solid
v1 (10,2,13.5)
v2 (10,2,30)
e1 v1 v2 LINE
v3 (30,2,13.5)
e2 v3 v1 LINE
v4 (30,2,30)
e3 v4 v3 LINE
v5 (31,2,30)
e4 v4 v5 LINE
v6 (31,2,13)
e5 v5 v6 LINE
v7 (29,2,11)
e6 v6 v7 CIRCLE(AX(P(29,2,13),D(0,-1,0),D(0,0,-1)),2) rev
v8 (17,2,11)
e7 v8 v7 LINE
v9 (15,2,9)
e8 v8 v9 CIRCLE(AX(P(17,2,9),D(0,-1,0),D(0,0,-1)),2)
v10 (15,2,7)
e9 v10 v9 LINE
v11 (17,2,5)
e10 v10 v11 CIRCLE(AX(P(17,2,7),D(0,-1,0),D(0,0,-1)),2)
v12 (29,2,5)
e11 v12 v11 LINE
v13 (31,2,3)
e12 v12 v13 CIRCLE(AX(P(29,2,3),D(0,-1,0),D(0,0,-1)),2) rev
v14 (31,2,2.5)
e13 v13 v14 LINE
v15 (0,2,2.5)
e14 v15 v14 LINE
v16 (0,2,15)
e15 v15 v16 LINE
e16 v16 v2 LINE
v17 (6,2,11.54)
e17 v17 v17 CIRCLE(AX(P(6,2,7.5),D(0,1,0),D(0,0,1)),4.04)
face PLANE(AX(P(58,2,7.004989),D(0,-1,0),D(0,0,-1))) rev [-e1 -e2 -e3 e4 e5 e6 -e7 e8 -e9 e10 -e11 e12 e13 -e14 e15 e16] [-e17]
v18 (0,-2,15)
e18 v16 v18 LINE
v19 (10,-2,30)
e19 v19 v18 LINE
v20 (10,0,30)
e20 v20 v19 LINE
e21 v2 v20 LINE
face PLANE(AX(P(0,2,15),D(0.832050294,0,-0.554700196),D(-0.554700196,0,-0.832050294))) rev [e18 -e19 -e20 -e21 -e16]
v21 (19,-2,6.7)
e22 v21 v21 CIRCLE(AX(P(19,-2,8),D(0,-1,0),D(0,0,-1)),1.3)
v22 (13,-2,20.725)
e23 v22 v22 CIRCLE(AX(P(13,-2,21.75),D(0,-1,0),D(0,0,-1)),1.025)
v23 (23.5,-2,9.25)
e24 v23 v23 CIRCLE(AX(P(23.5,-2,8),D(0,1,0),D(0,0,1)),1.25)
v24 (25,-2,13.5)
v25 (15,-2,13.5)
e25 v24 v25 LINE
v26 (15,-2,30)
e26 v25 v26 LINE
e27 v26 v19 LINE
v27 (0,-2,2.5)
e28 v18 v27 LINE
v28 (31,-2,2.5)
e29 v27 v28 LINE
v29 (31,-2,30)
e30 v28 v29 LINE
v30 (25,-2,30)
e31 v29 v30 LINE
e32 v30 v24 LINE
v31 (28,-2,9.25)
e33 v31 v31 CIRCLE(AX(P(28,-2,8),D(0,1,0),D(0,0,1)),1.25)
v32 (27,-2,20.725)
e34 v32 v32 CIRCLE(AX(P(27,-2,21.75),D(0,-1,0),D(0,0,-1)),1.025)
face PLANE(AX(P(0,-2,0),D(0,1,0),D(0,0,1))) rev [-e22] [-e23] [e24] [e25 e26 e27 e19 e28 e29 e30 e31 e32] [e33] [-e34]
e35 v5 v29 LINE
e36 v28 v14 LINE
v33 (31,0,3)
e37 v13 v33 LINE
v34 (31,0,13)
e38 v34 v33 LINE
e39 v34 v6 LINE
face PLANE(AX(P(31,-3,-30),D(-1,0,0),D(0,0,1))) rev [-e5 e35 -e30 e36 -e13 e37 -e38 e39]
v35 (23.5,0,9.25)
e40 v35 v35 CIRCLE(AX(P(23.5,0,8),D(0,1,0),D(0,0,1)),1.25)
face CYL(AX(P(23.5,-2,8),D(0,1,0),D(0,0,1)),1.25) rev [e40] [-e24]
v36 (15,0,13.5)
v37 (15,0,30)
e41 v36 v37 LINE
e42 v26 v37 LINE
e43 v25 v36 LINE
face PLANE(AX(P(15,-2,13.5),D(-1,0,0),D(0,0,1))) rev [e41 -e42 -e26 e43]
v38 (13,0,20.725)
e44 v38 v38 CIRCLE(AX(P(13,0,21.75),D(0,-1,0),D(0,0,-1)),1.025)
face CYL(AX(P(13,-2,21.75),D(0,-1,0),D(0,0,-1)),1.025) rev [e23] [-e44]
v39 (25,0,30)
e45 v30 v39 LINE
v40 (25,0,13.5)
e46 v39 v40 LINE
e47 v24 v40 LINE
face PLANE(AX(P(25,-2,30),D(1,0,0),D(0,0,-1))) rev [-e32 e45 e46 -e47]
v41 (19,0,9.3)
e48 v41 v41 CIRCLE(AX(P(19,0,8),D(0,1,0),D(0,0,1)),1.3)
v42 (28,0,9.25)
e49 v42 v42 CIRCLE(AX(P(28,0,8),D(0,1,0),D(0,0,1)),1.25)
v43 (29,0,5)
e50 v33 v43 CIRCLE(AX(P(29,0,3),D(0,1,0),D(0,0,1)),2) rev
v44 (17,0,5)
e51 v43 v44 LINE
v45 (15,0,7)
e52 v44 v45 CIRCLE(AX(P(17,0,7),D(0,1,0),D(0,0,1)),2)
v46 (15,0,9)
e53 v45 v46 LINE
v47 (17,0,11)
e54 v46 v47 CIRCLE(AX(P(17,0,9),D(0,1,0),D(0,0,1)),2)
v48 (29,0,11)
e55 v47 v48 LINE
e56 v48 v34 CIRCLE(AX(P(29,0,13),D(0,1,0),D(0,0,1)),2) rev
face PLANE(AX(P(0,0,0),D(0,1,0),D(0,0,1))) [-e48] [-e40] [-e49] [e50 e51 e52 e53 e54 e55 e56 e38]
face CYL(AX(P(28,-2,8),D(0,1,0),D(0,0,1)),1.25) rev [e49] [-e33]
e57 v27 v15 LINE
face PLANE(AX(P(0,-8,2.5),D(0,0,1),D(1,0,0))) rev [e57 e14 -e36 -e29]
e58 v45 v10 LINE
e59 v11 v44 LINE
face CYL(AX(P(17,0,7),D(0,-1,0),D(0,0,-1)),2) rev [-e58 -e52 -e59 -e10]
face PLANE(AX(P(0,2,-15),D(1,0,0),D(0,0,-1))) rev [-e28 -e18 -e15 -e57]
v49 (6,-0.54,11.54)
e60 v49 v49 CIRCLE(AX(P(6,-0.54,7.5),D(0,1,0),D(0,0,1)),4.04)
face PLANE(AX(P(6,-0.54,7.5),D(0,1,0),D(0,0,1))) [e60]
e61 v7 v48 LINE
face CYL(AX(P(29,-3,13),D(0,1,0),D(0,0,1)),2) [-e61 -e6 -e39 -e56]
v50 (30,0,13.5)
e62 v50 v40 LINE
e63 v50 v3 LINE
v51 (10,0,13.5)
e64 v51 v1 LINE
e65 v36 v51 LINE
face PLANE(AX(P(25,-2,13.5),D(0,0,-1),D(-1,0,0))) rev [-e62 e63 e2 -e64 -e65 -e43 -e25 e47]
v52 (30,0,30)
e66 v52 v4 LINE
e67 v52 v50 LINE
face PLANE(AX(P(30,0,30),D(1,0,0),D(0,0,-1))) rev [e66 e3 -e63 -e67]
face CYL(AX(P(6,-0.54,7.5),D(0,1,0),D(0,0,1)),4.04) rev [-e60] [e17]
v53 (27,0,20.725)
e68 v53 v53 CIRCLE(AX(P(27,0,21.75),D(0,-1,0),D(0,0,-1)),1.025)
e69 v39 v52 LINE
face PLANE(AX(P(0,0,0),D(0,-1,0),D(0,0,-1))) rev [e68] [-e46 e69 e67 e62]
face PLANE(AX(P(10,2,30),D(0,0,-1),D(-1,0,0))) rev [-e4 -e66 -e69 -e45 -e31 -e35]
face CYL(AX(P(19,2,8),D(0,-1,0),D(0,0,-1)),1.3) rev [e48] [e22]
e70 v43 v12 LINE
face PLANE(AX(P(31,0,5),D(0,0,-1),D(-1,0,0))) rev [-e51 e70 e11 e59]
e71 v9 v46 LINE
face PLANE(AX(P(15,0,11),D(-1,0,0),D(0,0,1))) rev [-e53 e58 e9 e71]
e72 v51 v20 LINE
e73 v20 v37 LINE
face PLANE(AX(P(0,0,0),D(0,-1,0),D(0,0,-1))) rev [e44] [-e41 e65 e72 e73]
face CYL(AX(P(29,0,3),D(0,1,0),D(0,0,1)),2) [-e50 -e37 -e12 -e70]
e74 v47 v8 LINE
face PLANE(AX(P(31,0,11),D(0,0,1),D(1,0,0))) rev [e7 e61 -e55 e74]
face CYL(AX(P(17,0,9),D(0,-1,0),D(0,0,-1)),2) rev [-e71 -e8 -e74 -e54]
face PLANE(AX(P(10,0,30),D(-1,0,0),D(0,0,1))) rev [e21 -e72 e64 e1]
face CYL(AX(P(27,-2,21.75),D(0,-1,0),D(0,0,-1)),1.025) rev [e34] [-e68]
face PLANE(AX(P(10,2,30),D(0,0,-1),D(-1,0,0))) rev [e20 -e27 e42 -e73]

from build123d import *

# Parameters (mm, degrees)
EXTRUDE_1_DEPTH          = 2
EXTRUDE_2_DEPTH          = 3
SKETCH_3_W               = 16
SKETCH_3_H               = 60
EXTRUDE_3_DEPTH          = 3
CUT_EXTRUDE_1_DEPTH      = 1
CUT_EXTRUDE_2_DEPTH      = 69.543781629
SKETCH_6_W               = 20
SKETCH_6_H               = 16.5
CUT_EXTRUDE_4_DEPTH      = 2
CUT_EXTRUDE_6_DEPTH      = 69.543781629
CUT_EXTRUDE_6_DEPTH_BACK = 69.543781629
EXTRUDE_START            = -1
EXTRUDE_4_DEPTH          = 1
SKETCH_12_R              = 1
SKETCH_12_R_2            = 4
CUT_EXTRUDE_7_DEPTH      = 2.54
SKETCH_13_R              = 1.25
CUT_EXTRUDE_8_DEPTH      = 10
SKETCH_15_R              = 1
CUT_EXTRUDE_10_DEPTH     = 10
SKETCH_16_R              = 1.02
CUT_EXTRUDE_11_DEPTH     = 2
SKETCH_19_R              = 1.808389453
SKETCH_19_R_2            = 1.798107518
SKETCH_19_R_3            = 1.231148897
SKETCH_19_R_4            = 1.358627773
EXTRUDE_5_DEPTH          = 2
EXTRUDE_START_2          = -3
SKETCH_19_3_R            = 1.231148897
SKETCH_19_3_R_2          = 1.358627773
EXTRUDE_6_DEPTH          = 1
HOLE_WIZARD_M2_5_1_D     = 2.05
HOLE_WIZARD_M2_1_D       = 1.6
SKETCH_25_R              = 4.02
CUT_EXTRUDE_12_DEPTH     = 2.54
SKETCH_30_W              = 55.306598362
SKETCH_30_H              = 0.5
CUT_EXTRUDE_17_DEPTH     = 75.310646225
SKETCH_31_W              = 47.74998635
SKETCH_31_H              = 36.890870636
CUT_EXTRUDE_18_DEPTH     = 75.22986018
SKETCH_32_W              = 16
SKETCH_32_H              = 6
CUT_EXTRUDE_19_DEPTH     = 2
FILLET_2_R               = 2
SKETCH_33_R              = 1.25
CUT_EXTRUDE_20_DEPTH     = 2
SKETCH_35_R              = 4.02
EXTRUDE_7_DEPTH          = 4
SKETCH_36_R              = 4.04
CUT_EXTRUDE_21_DEPTH     = 2.54
SKETCH_37_W              = 31
SKETCH_37_H              = 0.5
CUT_EXTRUDE_22_DEPTH     = 10
SKETCH_38_R              = 1.3
CUT_EXTRUDE_23_DEPTH     = 44.324358045


with BuildPart() as part:
    # 草图1 → 凸台-拉伸1 (new body)
    with BuildSketch(Plane(origin=(0, 0, 0), x_dir=(1, 0, 0), z_dir=(0, 1, 0))):
        with BuildLine():
            Line((43, 1.5), (58.456841673, 3.534931811))
            ThreePointArc((58.456841673, 3.534931811), (61.401458892, 6.180320766), (59.995303837, 9.880534443))
            Line((59.995303837, 9.880534443), (31, 30))
            Line((31, 30), (10, 30))
            Line((10, 30), (0, 15))
            Line((0, 15), (0, -15))
            Line((0, -15), (10, -30))
            Line((10, -30), (31, -30))
            Line((31, -30), (59.995303837, -9.880534443))
            ThreePointArc((59.995303837, -9.880534443), (61.401458892, -6.180320766), (58.456841673, -3.534931811))
            Line((58.456841673, -3.534931811), (43, -1.5))
            Line((43, -1.5), (40, -1.5))
            Line((40, -1.5), (40, 1.5))
            Line((40, 1.5), (43, 1.5))
        make_face()
    extrude(amount=EXTRUDE_1_DEPTH)

    # 草图2 → 凸台-拉伸2 (add)
    with BuildSketch(Plane.XZ):
        Polygon((15, -30), (15, 30), (10, 30), (0, 15), (0, -15), (10, -30), align=None)
    extrude(amount=EXTRUDE_2_DEPTH)

    # 草图3 → 凸台-拉伸3 (add)
    with BuildSketch(Plane.XZ):
        with Locations((23, 0)):
            Rectangle(SKETCH_3_W, SKETCH_3_H)
    extrude(amount=EXTRUDE_3_DEPTH)

    # 草图5 → 切除-拉伸1 (cut)
    with BuildSketch(Plane.XZ.offset(3)):
        Polygon((10, -30), (31, -30), (31, 30), (10, 30), (0, 15), (0, -15), align=None)
    extrude(amount=-CUT_EXTRUDE_1_DEPTH, mode=Mode.SUBTRACT)

    # 草图4 → 切除-拉伸2 (cut, through all)
    with BuildSketch(Plane(origin=(0, 2, 0), x_dir=(1, 0, 0), z_dir=(0, 1, 0))):
        Polygon((15, -30.054194631), (25, -30), (25, -13.5), (15, -13.5), align=None)
        Polygon((25, 13.5), (15, 13.5), (15, 30.054194631), (25, 30), align=None)
    extrude(amount=-CUT_EXTRUDE_2_DEPTH, mode=Mode.SUBTRACT)

    # 草图6 → 切除-拉伸4 (cut)
    with BuildSketch(Plane(origin=(0, 2, 0), x_dir=(1, 0, 0), z_dir=(0, 1, 0))):
        with Locations((20, 21.75)):
            Rectangle(SKETCH_6_W, SKETCH_6_H)
        with Locations((20, -21.75)):
            Rectangle(SKETCH_6_W, SKETCH_6_H)
    extrude(amount=-CUT_EXTRUDE_4_DEPTH, mode=Mode.SUBTRACT)

    # 草图10 → 切除-拉伸6 (cut, two sides: drawn at the far end of the back side and taken through both)
    with BuildSketch(Plane(origin=(0, 2, 0), x_dir=(1, 0, 0), z_dir=(0, 1, 0)).offset(-CUT_EXTRUDE_6_DEPTH_BACK)):
        Polygon((40, -1.5), (-11.100796723, -1.5), (-3.854090755, 32.230988753), (54.203821011, 29.618804043), (85.46449539, 13.041941672), (77.376427304, 2.654316721), align=None)
    extrude(amount=CUT_EXTRUDE_6_DEPTH + CUT_EXTRUDE_6_DEPTH_BACK, mode=Mode.SUBTRACT)

    # 草图11 → 凸台-拉伸4 (add)
    with BuildSketch(Plane(origin=(0, 2, 0), x_dir=(1, 0, 0), z_dir=(0, 1, 0)).offset(EXTRUDE_START)):
        with BuildLine():
            Line((31, -34.868641247), (62.27565108, -13.166872292))
            ThreePointArc((62.27565108, -13.166872292), (65.15434027, -9.255636577), (65.033342884, -4.400744621))
            Line((65.033342884, -4.400744621), (58.456841673, -3.534931811))
            ThreePointArc((58.456841673, -3.534931811), (61.401458892, -6.180320766), (59.995303837, -9.880534443))
            Line((59.995303837, -9.880534443), (31, -30))
            Line((31, -30), (31, -34))
            Line((31, -34), (31, -34.868641247))
        make_face()
    extrude(amount=EXTRUDE_4_DEPTH)

    # 草图12 → 切除-拉伸7 (cut)
    with BuildSketch(Plane(origin=(0, 2, 0), x_dir=(1, 0, 0), z_dir=(0, 1, 0))):
        with Locations(Location((58, -7.004988826, 0), (0, 0, 270))):
            Circle(SKETCH_12_R)
        with Locations(Location((43, -6, 0), (0, 0, 270))):
            Circle(SKETCH_12_R)
        with Locations(Location((6, -7.25, 0), (0, 0, 270))):
            Circle(SKETCH_12_R_2)
    extrude(amount=-CUT_EXTRUDE_7_DEPTH, mode=Mode.SUBTRACT)

    # 草图13 → 切除-拉伸8 (cut)
    with BuildSketch(Plane(origin=(0, 0, 0), x_dir=(1, 0, 0), z_dir=(0, 1, 0))):
        with Locations(Location((13, -21.75, 0), (0, 0, 270))):
            Circle(SKETCH_13_R)
        with Locations(Location((27, -21.75, 0), (0, 0, 270))):
            Circle(SKETCH_13_R)
    extrude(amount=-CUT_EXTRUDE_8_DEPTH, mode=Mode.SUBTRACT)

    # 草图15 → 切除-拉伸10 (cut)
    with BuildSketch(Plane.XZ.offset(-1)):
        with Locations(Location((36, 29.573465579, 0), (0, 0, 270))):
            Circle(SKETCH_15_R)
        with Locations(Location((56, 15.695724776, 0), (0, 0, 270))):
            Circle(SKETCH_15_R)
    extrude(amount=-CUT_EXTRUDE_10_DEPTH, mode=Mode.SUBTRACT)

    # 草图16 → 切除-拉伸11 (cut)
    with BuildSketch(Plane.XZ):
        with Locations(Location((58, 7.004988826, 0), (0, 0, 270))):
            Circle(SKETCH_16_R)
        with Locations(Location((43, 6, 0), (0, 0, 270))):
            Circle(SKETCH_16_R)
    extrude(amount=-CUT_EXTRUDE_11_DEPTH, mode=Mode.SUBTRACT)

    # 草图19 → 凸台-拉伸5 (add)
    with BuildSketch(Plane.XZ.offset(2)):
        with Locations((13, 21.75)):
            Circle(SKETCH_19_R)
        with Locations((27, 21.75)):
            Circle(SKETCH_19_R_2)
        with Locations((36, 29.573465579)):
            Circle(SKETCH_19_R_3)
        with Locations((56, 15.695724776)):
            Circle(SKETCH_19_R_4)
    extrude(amount=-EXTRUDE_5_DEPTH)


with BuildPart() as extrude_5_kept_piece:
    # of the separate pieces the step leaves, the one the design keeps (extrude_5_pieces_kept)
    add(part.part.solids().sort_by_distance((58.456841673, 0, 3.534931811))[0])

    # 草图19<3> → 凸台-拉伸6 (add)
    with BuildSketch(Plane.XZ.offset(2).offset(EXTRUDE_START_2)):
        with Locations((36, 29.573465579)):
            Circle(SKETCH_19_3_R)
        with Locations((56, 15.695724776)):
            Circle(SKETCH_19_3_R_2)
    extrude(amount=-EXTRUDE_6_DEPTH)

    # M2.5 螺纹孔1 (through all)
    with Locations(Plane(origin=(0, -2, 0), x_dir=(-1, 0, 0), z_dir=(0, -1, 0))):
        with Locations((-27, -21.75), (-13, -21.75)):
            Hole(HOLE_WIZARD_M2_5_1_D / 2)

    # M2 螺纹孔1 (through all)
    with Locations(Plane(origin=(0, 1, 0), x_dir=(-1, 0, 0), z_dir=(0, -1, 0))):
        with Locations((-56, -15.695724776), (-36, -29.573465579)):
            Hole(HOLE_WIZARD_M2_1_D / 2)

    # 草图25 → 切除-拉伸12 (cut)
    with BuildSketch(Plane(origin=(0, 2, 0), x_dir=(1, 0, 0), z_dir=(0, 1, 0))):
        with Locations(Location((6, -7.25, 0), (0, 0, 270))):
            Circle(SKETCH_25_R)
    extrude(amount=-CUT_EXTRUDE_12_DEPTH, mode=Mode.SUBTRACT)

    # 草图30 → 切除-拉伸17 (cut, through all)
    with BuildSketch(Plane.XZ.offset(2)):
        with Locations((27.653299181, 1.75)):
            Rectangle(SKETCH_30_W, SKETCH_30_H)
    extrude(amount=-CUT_EXTRUDE_17_DEPTH, mode=Mode.SUBTRACT)

    # 草图31 → 切除-拉伸18 (cut, through all)
    with BuildSketch(Plane.XZ):
        with Locations((54.874993175, 20.445435318)):
            Rectangle(SKETCH_31_W, SKETCH_31_H)
    extrude(amount=-CUT_EXTRUDE_18_DEPTH, mode=Mode.SUBTRACT)

    # 草图32 → 切除-拉伸19 (cut)
    with BuildSketch(Plane(origin=(0, 2, 0), x_dir=(1, 0, 0), z_dir=(0, 1, 0))):
        with Locations((23, -8)):
            Rectangle(SKETCH_32_W, SKETCH_32_H)
    extrude(amount=-CUT_EXTRUDE_19_DEPTH, mode=Mode.SUBTRACT)

    # 圆角2
    fillet_2_edges = [extrude_5_kept_piece.edges().sort_by_distance(p)[0] for p in [
        (31, 1, 5),
        (31, 1, 11),
        (15, 1, 11),
        (15, 1, 5),
    ]]
    fillet(fillet_2_edges, radius=FILLET_2_R)

    # 草图33 → 切除-拉伸20 (cut)
    with BuildSketch(Plane(origin=(0, 0, 0), x_dir=(1, 0, 0), z_dir=(0, 1, 0))):
        with Locations(Location((19, -8, 0), (0, 0, 270))):
            Circle(SKETCH_33_R)
        with Locations(Location((23.5, -8, 0), (0, 0, 270))):
            Circle(SKETCH_33_R)
        with Locations(Location((28, -8, 0), (0, 0, 270))):
            Circle(SKETCH_33_R)
    extrude(amount=-CUT_EXTRUDE_20_DEPTH, mode=Mode.SUBTRACT)

    # 草图35 → 凸台-拉伸7 (add)
    with BuildSketch(Plane(origin=(0, 2, 0), x_dir=(1, 0, 0), z_dir=(0, 1, 0))):
        with Locations((6, -7.25)):
            Circle(SKETCH_35_R)
    extrude(amount=-EXTRUDE_7_DEPTH)

    # 草图36 → 切除-拉伸21 (cut)
    with BuildSketch(Plane(origin=(0, 2, 0), x_dir=(1, 0, 0), z_dir=(0, 1, 0))):
        with Locations(Location((6, -7.5, 0), (0, 0, 270))):
            Circle(SKETCH_36_R)
    extrude(amount=-CUT_EXTRUDE_21_DEPTH, mode=Mode.SUBTRACT)

    # 草图37 → 切除-拉伸22 (cut)
    with BuildSketch(Plane(origin=(0, 2, 0), x_dir=(1, 0, 0), z_dir=(0, 1, 0))):
        with Locations((15.5, -2.25)):
            Rectangle(SKETCH_37_W, SKETCH_37_H)
    extrude(amount=-CUT_EXTRUDE_22_DEPTH, mode=Mode.SUBTRACT)

    # 草图38 → 切除-拉伸23 (cut, through all)
    with BuildSketch(Plane.XZ.offset(2)):
        with Locations(Location((19, 8, 0), (0, 0, 270))):
            Circle(SKETCH_38_R)
    extrude(amount=-CUT_EXTRUDE_23_DEPTH, mode=Mode.SUBTRACT)


solid = extrude_5_kept_piece.part
